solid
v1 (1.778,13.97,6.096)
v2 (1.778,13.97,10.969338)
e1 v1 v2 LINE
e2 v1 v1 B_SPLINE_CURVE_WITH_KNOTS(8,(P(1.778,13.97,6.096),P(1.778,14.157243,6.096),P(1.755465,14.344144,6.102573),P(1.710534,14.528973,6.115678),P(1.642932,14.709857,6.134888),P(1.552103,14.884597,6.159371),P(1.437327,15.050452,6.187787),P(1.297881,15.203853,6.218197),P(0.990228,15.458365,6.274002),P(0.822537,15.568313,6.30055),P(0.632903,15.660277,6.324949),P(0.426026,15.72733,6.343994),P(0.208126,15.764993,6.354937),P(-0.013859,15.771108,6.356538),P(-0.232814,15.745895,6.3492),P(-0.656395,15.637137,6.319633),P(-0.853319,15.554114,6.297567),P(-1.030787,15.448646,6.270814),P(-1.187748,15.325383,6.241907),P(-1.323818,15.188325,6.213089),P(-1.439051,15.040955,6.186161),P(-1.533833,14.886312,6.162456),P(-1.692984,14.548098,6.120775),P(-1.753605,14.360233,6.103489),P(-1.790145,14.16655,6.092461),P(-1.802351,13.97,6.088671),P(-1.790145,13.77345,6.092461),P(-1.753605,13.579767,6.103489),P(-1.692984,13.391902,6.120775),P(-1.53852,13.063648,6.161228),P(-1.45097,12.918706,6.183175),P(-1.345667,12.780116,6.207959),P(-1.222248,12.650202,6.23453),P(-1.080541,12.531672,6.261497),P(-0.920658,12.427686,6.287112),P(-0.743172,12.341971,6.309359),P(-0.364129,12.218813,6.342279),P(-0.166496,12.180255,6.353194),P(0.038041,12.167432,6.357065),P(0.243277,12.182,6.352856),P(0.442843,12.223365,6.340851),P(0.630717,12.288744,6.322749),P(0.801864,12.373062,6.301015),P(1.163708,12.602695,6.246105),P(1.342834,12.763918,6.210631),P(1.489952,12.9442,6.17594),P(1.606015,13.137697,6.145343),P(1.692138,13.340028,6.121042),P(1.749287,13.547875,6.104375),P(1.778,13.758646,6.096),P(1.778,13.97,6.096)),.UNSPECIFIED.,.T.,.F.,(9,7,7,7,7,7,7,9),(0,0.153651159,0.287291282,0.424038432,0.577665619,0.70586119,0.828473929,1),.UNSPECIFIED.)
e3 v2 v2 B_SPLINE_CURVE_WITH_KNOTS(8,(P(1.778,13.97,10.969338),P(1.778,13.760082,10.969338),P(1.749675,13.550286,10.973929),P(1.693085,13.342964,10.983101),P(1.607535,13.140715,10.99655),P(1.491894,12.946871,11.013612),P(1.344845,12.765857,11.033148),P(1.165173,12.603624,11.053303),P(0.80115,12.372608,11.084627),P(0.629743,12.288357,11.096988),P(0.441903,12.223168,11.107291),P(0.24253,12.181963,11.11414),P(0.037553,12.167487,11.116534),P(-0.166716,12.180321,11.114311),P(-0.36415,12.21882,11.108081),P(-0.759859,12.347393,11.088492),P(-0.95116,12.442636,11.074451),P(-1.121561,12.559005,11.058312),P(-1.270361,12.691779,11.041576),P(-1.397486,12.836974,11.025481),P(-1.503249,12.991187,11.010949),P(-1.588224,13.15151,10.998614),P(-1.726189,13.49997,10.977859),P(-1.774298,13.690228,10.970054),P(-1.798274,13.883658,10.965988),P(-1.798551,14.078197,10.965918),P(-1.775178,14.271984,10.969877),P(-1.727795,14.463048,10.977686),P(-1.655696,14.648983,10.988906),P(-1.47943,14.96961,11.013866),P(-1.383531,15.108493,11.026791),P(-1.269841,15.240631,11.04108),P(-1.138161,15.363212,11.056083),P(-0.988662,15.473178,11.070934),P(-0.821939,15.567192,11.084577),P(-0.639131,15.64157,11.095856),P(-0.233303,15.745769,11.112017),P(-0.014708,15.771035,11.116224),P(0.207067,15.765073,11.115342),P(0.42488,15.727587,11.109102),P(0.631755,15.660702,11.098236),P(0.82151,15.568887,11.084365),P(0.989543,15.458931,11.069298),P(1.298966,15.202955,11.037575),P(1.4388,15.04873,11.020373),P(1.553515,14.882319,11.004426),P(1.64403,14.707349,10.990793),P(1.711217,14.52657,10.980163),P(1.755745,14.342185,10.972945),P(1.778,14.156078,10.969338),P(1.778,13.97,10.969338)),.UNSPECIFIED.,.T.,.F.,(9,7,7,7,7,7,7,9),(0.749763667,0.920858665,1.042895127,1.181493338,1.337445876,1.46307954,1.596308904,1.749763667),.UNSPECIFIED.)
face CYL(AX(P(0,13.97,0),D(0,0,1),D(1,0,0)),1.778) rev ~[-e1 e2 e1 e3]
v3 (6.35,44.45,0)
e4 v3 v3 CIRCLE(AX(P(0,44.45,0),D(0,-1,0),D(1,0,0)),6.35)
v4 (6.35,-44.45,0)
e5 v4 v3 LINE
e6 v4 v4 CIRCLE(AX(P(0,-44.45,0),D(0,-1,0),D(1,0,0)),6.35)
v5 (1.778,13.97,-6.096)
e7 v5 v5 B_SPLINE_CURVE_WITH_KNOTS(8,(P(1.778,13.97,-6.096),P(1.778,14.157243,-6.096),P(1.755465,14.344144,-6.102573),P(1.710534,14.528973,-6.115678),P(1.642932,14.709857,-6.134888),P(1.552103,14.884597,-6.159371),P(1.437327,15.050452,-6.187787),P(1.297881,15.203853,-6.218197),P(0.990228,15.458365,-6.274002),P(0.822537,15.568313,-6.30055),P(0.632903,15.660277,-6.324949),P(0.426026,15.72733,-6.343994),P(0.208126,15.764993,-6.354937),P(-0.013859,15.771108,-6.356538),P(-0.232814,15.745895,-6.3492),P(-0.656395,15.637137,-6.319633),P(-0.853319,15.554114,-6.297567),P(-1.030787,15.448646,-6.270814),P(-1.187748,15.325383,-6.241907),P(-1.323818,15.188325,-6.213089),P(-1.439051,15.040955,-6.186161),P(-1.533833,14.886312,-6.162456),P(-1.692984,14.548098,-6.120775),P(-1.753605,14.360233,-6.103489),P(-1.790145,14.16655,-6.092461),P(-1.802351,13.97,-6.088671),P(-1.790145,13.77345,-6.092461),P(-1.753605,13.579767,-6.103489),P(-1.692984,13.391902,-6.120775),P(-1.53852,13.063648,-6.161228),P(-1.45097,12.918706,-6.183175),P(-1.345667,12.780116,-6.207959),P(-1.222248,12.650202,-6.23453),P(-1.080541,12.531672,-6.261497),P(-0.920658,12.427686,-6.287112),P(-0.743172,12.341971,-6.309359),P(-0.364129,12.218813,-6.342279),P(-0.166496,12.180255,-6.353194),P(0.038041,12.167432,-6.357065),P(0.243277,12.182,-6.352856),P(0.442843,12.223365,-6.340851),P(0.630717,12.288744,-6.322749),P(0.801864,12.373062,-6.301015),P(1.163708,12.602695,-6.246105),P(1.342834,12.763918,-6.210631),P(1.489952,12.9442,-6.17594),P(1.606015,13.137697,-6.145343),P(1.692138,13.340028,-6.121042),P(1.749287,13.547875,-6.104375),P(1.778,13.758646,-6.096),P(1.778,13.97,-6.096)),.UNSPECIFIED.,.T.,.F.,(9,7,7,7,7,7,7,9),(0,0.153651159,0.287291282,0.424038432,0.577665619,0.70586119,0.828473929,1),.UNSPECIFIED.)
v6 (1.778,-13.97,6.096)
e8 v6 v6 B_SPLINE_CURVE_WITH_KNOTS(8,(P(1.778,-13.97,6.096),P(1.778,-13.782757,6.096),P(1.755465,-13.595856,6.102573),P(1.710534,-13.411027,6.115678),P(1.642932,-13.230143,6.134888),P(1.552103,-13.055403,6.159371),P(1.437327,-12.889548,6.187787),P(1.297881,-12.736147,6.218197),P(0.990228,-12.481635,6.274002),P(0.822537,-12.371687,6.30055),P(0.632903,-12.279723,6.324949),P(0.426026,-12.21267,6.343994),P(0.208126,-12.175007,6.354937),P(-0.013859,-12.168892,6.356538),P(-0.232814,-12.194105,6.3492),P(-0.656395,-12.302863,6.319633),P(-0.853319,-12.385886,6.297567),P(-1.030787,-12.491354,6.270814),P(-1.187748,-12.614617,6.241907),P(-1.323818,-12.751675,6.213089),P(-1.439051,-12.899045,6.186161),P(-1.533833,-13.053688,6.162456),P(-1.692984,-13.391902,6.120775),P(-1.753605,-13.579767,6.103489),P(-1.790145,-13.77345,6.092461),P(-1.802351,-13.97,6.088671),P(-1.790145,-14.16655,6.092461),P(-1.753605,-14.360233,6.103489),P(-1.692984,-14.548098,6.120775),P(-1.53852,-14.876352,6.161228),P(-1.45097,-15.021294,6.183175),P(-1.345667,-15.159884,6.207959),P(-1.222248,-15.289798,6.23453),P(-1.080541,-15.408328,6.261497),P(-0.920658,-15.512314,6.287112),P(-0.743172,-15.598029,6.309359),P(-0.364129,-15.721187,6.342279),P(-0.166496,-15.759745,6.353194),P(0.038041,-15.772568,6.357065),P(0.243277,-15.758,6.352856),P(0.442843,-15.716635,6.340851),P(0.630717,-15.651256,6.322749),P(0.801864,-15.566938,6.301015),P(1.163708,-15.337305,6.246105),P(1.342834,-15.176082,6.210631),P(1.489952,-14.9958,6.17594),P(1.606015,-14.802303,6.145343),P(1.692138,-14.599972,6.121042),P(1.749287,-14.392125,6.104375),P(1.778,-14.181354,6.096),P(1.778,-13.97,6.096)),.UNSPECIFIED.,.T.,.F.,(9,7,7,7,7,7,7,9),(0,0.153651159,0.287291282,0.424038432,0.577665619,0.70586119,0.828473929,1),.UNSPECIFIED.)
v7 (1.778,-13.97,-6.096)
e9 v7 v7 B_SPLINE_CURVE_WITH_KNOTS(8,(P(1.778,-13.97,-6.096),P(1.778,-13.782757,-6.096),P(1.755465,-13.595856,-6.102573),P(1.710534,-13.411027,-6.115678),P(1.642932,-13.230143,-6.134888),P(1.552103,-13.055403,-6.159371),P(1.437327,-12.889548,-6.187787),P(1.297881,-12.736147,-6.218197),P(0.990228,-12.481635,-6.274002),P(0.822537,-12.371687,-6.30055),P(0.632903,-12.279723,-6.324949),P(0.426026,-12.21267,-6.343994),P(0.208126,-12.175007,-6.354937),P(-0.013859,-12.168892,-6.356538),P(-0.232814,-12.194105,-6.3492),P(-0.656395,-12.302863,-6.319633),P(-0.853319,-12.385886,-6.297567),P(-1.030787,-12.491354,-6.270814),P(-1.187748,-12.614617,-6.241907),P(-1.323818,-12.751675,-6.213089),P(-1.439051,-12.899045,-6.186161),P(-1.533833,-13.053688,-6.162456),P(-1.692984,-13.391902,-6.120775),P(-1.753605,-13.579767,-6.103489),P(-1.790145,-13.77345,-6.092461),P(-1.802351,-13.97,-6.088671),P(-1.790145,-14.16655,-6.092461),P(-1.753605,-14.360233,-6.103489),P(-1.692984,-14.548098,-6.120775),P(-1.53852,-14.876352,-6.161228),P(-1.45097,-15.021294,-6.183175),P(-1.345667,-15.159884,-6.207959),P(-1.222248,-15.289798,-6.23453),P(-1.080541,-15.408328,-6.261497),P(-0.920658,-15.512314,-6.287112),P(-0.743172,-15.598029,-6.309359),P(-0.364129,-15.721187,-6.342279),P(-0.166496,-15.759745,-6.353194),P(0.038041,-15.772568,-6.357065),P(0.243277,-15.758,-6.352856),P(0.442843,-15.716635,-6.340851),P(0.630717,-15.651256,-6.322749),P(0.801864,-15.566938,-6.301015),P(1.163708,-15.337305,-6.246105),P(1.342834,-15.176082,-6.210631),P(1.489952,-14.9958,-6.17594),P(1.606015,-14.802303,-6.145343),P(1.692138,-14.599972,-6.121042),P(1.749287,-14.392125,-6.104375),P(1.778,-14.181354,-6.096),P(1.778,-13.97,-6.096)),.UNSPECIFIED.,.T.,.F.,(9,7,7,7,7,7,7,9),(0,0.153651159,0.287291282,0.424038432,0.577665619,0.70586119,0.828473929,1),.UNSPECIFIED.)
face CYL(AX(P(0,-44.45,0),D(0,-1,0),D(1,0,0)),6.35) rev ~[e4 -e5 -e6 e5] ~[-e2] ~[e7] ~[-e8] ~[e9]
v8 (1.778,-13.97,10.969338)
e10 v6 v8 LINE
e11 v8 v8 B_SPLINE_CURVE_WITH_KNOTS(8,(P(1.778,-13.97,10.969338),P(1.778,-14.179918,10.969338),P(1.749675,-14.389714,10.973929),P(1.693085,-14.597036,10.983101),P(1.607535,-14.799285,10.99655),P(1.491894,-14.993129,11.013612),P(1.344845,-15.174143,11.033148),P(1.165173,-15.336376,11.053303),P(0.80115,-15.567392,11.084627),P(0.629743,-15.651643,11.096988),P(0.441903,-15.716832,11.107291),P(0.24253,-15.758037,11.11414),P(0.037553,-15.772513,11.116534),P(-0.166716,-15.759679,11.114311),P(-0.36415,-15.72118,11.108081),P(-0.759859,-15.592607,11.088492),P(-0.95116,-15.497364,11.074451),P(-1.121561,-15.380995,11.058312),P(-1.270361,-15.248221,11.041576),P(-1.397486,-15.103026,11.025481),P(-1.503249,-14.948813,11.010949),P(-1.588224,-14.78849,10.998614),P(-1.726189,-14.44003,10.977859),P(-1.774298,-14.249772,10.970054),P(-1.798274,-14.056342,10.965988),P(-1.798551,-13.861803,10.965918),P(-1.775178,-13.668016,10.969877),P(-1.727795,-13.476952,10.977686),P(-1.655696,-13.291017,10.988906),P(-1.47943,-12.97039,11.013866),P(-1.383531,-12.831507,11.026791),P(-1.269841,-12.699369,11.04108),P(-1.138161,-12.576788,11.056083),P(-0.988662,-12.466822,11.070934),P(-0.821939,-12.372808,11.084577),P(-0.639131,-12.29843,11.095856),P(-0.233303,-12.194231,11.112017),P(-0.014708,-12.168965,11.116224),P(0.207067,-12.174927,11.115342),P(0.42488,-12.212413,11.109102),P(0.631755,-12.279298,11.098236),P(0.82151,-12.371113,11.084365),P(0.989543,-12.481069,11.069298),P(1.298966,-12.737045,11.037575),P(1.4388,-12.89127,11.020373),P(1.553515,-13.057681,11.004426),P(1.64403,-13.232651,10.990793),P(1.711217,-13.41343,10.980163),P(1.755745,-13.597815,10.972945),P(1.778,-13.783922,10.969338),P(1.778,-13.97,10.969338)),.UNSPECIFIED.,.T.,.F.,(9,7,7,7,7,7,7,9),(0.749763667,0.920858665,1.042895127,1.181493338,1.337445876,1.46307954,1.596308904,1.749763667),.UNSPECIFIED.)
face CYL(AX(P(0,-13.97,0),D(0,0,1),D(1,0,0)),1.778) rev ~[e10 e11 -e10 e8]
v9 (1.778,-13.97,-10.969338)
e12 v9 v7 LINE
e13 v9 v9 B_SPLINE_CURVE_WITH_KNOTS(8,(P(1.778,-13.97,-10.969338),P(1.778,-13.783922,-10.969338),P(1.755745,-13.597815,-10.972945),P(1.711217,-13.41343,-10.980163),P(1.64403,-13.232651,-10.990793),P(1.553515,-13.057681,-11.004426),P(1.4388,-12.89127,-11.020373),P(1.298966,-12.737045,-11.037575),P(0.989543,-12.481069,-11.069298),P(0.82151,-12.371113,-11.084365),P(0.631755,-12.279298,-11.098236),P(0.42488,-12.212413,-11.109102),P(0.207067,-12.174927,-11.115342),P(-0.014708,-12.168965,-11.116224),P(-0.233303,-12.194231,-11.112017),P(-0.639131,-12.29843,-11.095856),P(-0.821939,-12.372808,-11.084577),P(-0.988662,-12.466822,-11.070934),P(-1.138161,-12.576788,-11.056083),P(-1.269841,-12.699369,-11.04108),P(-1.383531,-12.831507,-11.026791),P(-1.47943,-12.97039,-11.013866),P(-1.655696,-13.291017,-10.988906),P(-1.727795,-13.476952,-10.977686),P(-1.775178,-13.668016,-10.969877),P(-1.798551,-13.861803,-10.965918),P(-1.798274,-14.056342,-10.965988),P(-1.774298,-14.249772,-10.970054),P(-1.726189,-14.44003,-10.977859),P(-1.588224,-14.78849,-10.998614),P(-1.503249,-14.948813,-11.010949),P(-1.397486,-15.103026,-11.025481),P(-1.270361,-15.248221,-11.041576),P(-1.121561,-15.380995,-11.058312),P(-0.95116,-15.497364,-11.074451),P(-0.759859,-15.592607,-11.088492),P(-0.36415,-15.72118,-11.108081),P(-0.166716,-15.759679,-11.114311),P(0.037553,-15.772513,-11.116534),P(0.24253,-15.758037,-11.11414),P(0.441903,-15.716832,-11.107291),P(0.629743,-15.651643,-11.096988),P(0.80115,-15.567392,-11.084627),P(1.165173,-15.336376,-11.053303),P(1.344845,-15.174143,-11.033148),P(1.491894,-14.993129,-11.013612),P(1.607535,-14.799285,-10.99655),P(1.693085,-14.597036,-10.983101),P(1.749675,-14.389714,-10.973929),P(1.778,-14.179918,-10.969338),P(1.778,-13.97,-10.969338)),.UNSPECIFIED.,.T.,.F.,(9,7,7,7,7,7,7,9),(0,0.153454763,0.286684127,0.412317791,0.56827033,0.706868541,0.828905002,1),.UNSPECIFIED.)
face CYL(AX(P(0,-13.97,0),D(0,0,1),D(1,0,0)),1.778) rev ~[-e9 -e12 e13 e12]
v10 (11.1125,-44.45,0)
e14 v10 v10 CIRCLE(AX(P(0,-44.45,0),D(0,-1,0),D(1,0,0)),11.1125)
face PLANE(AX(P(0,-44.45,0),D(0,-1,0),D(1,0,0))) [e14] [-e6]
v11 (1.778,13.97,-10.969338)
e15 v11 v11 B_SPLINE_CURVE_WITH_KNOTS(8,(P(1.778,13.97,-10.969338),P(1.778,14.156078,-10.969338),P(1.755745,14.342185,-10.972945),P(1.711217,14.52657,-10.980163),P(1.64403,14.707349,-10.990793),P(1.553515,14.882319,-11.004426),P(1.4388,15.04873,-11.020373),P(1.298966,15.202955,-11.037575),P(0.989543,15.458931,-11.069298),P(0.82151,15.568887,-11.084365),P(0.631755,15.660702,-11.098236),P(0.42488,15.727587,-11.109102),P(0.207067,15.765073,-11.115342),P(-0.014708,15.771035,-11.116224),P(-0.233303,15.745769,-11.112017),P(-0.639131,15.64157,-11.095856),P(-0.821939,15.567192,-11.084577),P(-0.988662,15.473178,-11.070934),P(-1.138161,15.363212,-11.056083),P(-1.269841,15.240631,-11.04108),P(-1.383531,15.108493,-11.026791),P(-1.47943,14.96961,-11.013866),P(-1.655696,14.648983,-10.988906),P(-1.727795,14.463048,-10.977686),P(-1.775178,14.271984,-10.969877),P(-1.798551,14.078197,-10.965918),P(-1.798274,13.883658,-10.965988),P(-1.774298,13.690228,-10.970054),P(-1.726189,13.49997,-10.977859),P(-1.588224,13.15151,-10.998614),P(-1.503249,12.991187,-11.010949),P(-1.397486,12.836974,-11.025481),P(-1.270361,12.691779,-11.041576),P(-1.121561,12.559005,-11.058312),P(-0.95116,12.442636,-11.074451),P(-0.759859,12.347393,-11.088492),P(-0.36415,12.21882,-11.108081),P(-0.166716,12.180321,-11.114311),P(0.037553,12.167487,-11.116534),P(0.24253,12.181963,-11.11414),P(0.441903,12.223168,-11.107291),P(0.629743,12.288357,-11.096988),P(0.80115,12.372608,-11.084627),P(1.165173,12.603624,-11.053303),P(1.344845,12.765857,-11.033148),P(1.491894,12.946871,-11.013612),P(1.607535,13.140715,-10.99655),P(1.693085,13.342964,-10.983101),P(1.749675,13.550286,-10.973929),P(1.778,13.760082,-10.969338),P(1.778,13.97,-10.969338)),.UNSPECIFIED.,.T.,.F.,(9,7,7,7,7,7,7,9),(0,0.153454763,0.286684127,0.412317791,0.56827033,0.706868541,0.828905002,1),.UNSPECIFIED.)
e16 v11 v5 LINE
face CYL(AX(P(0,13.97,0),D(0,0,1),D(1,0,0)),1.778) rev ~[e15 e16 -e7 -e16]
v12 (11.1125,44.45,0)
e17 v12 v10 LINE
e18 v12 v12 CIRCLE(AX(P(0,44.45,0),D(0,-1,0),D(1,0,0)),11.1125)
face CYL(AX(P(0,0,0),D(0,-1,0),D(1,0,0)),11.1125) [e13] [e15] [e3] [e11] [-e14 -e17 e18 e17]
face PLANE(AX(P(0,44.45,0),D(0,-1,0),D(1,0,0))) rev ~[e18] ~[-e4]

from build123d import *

# Parameters (mm, degrees)
F0_R     = 11.1125
F1_DEPTH = 44.45
F2_R     = 6.35
F3_DEPTH = 88.901
F4_R     = 1.778
F5_DEPTH = 11.1125
F6_R     = 1.778
F7_DEPTH = 11.1125


with BuildPart() as f1:
    # F0 (on Front) → F1 (new body, symmetric)
    with BuildSketch(Plane.XZ):
        Circle(F0_R)
    extrude(amount=F1_DEPTH, both=True)

    # F2 (on face) → F3 (cut, through all)
    with BuildSketch(Plane.XZ.offset(44.45)):
        Circle(F2_R)
    extrude(amount=-F3_DEPTH, mode=Mode.SUBTRACT)

    # F4 (on Top) → F5 (cut, symmetric)
    with BuildSketch(Plane.XY):
        with Locations((0, 13.97)):
            Circle(F4_R)
    extrude(amount=F5_DEPTH, both=True, mode=Mode.SUBTRACT)

    # F6 (on Top) → F7 (cut, symmetric)
    with BuildSketch(Plane.XY):
        with Locations((0, -13.97)):
            Circle(F6_R)
    extrude(amount=F7_DEPTH, both=True, mode=Mode.SUBTRACT)


solid = f1.part
